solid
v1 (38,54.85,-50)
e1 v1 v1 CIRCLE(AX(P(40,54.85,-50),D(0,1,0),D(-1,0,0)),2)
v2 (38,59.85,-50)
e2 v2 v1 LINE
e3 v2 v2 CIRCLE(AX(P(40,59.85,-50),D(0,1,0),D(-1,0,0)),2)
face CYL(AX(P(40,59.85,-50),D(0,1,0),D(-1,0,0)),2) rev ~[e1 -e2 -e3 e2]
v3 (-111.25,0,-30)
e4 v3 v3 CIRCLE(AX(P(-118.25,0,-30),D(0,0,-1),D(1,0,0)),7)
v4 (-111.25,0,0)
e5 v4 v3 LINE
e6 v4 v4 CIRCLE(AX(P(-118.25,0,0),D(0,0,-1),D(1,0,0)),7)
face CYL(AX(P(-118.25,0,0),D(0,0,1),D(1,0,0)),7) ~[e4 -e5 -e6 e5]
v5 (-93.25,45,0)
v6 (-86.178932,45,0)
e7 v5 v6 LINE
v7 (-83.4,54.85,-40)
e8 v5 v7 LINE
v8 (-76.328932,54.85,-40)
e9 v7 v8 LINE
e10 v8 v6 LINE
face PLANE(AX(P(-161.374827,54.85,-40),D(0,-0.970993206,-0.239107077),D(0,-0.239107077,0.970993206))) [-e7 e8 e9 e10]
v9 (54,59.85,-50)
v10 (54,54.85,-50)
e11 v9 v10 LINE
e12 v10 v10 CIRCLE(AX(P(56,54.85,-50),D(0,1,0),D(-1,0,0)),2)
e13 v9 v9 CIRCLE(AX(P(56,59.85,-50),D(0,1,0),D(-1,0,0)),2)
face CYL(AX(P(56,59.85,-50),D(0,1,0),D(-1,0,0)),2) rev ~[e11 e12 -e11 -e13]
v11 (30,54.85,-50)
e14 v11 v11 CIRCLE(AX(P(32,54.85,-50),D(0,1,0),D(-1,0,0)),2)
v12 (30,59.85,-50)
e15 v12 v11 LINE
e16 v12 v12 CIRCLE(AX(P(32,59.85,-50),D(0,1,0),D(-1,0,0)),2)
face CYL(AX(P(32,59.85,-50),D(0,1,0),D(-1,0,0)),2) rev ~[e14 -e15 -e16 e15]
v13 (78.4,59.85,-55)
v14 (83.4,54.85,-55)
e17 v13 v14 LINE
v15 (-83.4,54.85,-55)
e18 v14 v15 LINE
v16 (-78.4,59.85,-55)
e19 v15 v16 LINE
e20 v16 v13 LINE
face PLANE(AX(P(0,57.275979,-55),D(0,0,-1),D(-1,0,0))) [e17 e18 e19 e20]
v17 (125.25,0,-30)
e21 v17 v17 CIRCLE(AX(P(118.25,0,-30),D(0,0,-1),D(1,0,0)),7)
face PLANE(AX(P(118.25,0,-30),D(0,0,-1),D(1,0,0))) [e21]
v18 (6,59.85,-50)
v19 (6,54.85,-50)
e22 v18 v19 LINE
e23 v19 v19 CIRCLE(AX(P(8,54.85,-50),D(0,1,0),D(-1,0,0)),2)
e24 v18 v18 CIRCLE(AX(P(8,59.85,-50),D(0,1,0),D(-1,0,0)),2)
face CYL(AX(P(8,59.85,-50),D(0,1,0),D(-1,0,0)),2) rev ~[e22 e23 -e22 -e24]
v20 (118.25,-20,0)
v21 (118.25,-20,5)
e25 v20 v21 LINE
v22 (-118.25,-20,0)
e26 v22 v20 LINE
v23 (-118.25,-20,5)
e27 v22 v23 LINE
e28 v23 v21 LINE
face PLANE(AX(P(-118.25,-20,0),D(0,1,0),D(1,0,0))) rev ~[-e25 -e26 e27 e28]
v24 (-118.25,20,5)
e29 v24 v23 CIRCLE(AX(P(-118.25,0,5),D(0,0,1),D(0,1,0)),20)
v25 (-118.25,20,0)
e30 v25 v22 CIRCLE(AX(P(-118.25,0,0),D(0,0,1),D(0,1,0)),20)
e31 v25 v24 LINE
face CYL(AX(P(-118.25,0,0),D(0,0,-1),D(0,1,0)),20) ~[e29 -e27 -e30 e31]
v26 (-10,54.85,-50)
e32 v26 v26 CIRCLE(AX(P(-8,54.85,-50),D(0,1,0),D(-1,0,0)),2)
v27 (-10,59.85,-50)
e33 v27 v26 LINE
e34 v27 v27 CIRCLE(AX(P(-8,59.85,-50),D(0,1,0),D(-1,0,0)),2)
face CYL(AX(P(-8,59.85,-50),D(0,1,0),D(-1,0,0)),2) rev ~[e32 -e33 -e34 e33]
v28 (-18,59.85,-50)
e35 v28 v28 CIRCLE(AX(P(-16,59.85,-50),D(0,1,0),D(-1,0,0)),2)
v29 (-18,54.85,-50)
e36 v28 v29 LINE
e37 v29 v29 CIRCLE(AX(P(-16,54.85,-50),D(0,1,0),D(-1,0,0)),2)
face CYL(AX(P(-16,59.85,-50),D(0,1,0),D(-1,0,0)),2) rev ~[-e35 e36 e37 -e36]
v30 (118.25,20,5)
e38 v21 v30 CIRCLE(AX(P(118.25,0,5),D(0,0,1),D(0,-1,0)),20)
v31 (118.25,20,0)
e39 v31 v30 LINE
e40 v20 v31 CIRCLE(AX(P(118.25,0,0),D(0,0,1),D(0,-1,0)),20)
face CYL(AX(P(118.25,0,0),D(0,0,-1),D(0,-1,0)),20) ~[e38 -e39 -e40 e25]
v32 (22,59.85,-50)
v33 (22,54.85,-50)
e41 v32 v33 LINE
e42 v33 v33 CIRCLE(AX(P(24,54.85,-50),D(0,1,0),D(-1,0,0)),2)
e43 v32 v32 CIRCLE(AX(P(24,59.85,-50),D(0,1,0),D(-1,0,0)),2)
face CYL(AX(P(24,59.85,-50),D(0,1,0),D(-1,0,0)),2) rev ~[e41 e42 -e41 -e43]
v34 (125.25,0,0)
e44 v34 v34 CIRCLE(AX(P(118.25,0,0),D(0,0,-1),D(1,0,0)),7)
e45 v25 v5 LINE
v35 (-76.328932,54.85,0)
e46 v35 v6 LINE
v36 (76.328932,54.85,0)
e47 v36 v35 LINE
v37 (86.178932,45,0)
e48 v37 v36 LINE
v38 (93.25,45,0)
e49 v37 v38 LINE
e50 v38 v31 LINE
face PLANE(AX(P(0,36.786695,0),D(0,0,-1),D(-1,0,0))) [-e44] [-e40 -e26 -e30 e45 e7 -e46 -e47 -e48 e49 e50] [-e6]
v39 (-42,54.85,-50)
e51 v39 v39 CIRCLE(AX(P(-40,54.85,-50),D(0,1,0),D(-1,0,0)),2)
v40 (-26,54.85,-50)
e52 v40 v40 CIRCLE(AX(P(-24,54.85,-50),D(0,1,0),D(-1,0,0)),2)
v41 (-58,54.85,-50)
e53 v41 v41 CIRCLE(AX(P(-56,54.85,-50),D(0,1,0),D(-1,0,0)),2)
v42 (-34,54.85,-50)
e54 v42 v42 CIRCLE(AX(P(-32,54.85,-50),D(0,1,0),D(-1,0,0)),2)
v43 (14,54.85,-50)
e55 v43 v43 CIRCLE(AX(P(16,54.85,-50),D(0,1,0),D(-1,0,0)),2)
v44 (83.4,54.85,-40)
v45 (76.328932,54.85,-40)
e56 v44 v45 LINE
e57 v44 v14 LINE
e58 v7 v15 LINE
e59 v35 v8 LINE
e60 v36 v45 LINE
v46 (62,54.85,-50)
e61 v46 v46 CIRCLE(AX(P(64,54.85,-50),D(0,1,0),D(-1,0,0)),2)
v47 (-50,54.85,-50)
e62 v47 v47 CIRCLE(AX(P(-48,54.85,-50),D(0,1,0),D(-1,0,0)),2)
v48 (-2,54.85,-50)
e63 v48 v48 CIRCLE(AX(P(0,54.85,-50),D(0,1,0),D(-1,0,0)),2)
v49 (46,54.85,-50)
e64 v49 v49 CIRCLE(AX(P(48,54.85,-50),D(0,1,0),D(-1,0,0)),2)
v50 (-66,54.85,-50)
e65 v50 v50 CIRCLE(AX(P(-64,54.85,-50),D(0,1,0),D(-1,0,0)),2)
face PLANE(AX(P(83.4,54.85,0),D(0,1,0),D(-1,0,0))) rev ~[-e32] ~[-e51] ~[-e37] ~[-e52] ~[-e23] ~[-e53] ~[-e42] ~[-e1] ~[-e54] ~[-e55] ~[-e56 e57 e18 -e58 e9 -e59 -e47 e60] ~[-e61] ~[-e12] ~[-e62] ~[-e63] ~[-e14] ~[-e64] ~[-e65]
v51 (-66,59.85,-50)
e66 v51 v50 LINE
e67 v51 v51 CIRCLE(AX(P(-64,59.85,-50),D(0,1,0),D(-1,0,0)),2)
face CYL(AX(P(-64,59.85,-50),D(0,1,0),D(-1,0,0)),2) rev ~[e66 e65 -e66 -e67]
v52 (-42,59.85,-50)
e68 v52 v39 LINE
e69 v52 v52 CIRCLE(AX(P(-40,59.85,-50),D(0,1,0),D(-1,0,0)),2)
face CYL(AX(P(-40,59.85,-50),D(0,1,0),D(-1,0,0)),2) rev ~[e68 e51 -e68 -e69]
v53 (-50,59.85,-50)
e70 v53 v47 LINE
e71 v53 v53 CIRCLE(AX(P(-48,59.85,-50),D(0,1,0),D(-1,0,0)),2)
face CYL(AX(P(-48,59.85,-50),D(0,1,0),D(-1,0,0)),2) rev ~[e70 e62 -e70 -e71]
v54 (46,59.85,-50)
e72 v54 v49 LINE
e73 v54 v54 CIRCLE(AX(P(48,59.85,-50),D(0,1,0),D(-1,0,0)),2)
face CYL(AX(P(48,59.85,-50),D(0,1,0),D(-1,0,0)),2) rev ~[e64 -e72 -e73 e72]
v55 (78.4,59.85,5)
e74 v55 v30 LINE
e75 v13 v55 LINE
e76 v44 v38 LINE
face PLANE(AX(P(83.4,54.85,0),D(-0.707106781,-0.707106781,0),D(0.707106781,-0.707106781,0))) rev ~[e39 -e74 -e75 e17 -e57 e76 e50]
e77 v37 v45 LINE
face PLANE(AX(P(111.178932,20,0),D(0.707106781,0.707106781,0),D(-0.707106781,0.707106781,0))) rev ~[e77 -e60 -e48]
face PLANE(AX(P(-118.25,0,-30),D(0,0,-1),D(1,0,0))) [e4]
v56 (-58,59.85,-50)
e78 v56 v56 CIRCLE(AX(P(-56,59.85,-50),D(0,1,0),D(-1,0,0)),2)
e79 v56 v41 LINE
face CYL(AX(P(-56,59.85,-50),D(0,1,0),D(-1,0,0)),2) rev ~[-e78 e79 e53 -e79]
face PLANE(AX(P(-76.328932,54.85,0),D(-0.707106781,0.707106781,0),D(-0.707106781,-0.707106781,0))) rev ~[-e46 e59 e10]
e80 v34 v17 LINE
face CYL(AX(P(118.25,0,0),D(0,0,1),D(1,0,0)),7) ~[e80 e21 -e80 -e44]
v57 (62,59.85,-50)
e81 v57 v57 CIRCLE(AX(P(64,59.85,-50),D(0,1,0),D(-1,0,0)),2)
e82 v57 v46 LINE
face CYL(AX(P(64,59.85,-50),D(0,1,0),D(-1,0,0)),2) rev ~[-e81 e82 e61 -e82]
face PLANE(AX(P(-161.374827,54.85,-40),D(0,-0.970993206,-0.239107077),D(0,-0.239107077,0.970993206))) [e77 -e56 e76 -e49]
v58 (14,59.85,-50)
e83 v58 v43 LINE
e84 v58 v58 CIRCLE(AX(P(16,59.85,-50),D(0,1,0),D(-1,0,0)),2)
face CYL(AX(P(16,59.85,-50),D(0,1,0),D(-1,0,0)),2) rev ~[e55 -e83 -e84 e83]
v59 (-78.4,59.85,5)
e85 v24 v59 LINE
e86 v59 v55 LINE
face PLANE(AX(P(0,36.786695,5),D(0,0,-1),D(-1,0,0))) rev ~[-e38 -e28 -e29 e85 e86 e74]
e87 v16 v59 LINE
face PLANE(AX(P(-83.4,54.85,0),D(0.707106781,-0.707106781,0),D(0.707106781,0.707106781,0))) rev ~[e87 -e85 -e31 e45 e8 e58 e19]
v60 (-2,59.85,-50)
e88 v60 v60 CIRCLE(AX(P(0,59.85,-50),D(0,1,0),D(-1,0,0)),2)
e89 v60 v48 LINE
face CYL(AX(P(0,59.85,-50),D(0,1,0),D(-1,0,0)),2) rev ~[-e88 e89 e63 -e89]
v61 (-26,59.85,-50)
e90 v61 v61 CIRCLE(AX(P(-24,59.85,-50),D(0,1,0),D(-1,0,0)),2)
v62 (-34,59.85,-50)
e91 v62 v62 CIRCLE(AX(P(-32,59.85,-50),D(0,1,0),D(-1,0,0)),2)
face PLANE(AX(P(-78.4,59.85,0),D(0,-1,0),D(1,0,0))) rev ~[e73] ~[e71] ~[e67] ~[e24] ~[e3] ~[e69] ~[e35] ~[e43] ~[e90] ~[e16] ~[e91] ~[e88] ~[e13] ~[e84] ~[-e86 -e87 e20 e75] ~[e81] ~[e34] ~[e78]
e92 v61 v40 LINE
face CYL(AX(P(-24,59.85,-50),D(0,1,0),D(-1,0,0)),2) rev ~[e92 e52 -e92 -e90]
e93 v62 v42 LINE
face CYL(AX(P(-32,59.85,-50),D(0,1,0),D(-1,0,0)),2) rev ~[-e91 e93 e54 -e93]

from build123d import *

# Parameters (mm, degrees)
EXTRUDE_1_DEPTH          = 5
SKETCH_2_R               = 7
EXTRUDE_2_DEPTH          = 30
EXTRUDE_3_DEPTH          = 5
EXTRUDE_4_DEPTH          = 55
SKETCH_5_R               = 2
CUT_EXTRUDE_1_DEPTH      = 169.861141178
EXTRUDE_5_DEPTH          = 40
CUT_EXTRUDE_2_DEPTH      = 161.374826578
CUT_EXTRUDE_2_DEPTH_BACK = 161.374826578


with BuildPart() as part:
    # Эскиз1 → Бобышка-Вытянуть1 (new body)
    with BuildSketch(Plane.XY):
        with BuildLine():
            Line((-118.25, -20), (118.25, -20))
            ThreePointArc((118.25, -20), (138.25, 0), (118.25, 20))
            Line((118.25, 20), (-118.25, 20))
            ThreePointArc((-118.25, 20), (-138.25, 0), (-118.25, -20))
        make_face()
    extrude(amount=EXTRUDE_1_DEPTH)

    # Эскиз2 → Бобышка-Вытянуть2 (add)
    with BuildSketch(Plane(origin=(0, 0, 0), x_dir=(-1, 0, 0), z_dir=(0, 0, -1))):
        with Locations(Location((-118.25, 0, 0), (0, 0, 180))):
            Circle(SKETCH_2_R)
        with Locations(Location((118.25, 0, 0), (0, 0, 180))):
            Circle(SKETCH_2_R)
    extrude(amount=EXTRUDE_2_DEPTH)

    # Эскиз3 → Бобышка-Вытянуть3 (add)
    with BuildSketch(Plane.XY.offset(5)):
        Polygon((-118.25, 20), (-78.4, 59.85), (78.4, 59.85), (118.25, 20), align=None)
    extrude(amount=-EXTRUDE_3_DEPTH)

    # Эскиз4 → Бобышка-Вытянуть4 (add)
    with BuildSketch(Plane(origin=(0, 0, 0), x_dir=(-1, 0, 0), z_dir=(0, 0, -1))):
        Polygon((-78.4, 59.85), (-83.4, 54.85), (83.4, 54.85), (78.4, 59.85), align=None)
    extrude(amount=EXTRUDE_4_DEPTH)

    # Эскиз5 → Вырез-Вытянуть1 (cut, through all)
    with BuildSketch(Plane(origin=(0, 59.85, 0), x_dir=(1, 0, 0), z_dir=(0, 1, 0))):
        with Locations(Location((0, 50, 0), (0, 0, 180))):
            Circle(SKETCH_5_R)
        with Locations(Location((8, 50, 0), (0, 0, 180))):
            Circle(SKETCH_5_R)
        with Locations(Location((16, 50, 0), (0, 0, 180))):
            Circle(SKETCH_5_R)
        with Locations(Location((24, 50, 0), (0, 0, 180))):
            Circle(SKETCH_5_R)
        with Locations(Location((32, 50, 0), (0, 0, 180))):
            Circle(SKETCH_5_R)
        with Locations(Location((40, 50, 0), (0, 0, 180))):
            Circle(SKETCH_5_R)
        with Locations(Location((48, 50, 0), (0, 0, 180))):
            Circle(SKETCH_5_R)
        with Locations(Location((56, 50, 0), (0, 0, 180))):
            Circle(SKETCH_5_R)
        with Locations(Location((64, 50, 0), (0, 0, 180))):
            Circle(SKETCH_5_R)
        with Locations(Location((-8, 50, 0), (0, 0, 180))):
            Circle(SKETCH_5_R)
        with Locations(Location((-16, 50, 0), (0, 0, 180))):
            Circle(SKETCH_5_R)
        with Locations(Location((-24, 50, 0), (0, 0, 180))):
            Circle(SKETCH_5_R)
        with Locations(Location((-32, 50, 0), (0, 0, 180))):
            Circle(SKETCH_5_R)
        with Locations(Location((-40, 50, 0), (0, 0, 180))):
            Circle(SKETCH_5_R)
        with Locations(Location((-48, 50, 0), (0, 0, 180))):
            Circle(SKETCH_5_R)
        with Locations(Location((-56, 50, 0), (0, 0, 180))):
            Circle(SKETCH_5_R)
        with Locations(Location((-64, 50, 0), (0, 0, 180))):
            Circle(SKETCH_5_R)
    extrude(amount=-CUT_EXTRUDE_1_DEPTH, mode=Mode.SUBTRACT)

    # Эскиз7 → Бобышка-Вытянуть5 (add)
    with BuildSketch(Plane(origin=(0, 0, 0), x_dir=(-1, 0, 0), z_dir=(0, 0, -1))):
        Polygon((-118.25, 20), (-111.178932188, 20), (-76.04842613, 55.130506058), (-83.4, 54.85), align=None)
        Polygon((83.4, 54.85), (76.328932188, 54.85), (111.178932188, 20), (118.25, 20), align=None)
    extrude(amount=EXTRUDE_5_DEPTH)

    # Эскиз10 → Вырез-Вытянуть2 (cut, two sides: drawn at the far end of the back side and taken through both)
    with BuildSketch(Plane(origin=(0, 0, 0), x_dir=(0, 0, -1), z_dir=(1, 0, 0)).offset(-CUT_EXTRUDE_2_DEPTH_BACK)):
        Polygon((0, 20), (40, 20), (40, 54.85), (0, 45), align=None)
    extrude(amount=CUT_EXTRUDE_2_DEPTH + CUT_EXTRUDE_2_DEPTH_BACK, mode=Mode.SUBTRACT)


solid = part.part
